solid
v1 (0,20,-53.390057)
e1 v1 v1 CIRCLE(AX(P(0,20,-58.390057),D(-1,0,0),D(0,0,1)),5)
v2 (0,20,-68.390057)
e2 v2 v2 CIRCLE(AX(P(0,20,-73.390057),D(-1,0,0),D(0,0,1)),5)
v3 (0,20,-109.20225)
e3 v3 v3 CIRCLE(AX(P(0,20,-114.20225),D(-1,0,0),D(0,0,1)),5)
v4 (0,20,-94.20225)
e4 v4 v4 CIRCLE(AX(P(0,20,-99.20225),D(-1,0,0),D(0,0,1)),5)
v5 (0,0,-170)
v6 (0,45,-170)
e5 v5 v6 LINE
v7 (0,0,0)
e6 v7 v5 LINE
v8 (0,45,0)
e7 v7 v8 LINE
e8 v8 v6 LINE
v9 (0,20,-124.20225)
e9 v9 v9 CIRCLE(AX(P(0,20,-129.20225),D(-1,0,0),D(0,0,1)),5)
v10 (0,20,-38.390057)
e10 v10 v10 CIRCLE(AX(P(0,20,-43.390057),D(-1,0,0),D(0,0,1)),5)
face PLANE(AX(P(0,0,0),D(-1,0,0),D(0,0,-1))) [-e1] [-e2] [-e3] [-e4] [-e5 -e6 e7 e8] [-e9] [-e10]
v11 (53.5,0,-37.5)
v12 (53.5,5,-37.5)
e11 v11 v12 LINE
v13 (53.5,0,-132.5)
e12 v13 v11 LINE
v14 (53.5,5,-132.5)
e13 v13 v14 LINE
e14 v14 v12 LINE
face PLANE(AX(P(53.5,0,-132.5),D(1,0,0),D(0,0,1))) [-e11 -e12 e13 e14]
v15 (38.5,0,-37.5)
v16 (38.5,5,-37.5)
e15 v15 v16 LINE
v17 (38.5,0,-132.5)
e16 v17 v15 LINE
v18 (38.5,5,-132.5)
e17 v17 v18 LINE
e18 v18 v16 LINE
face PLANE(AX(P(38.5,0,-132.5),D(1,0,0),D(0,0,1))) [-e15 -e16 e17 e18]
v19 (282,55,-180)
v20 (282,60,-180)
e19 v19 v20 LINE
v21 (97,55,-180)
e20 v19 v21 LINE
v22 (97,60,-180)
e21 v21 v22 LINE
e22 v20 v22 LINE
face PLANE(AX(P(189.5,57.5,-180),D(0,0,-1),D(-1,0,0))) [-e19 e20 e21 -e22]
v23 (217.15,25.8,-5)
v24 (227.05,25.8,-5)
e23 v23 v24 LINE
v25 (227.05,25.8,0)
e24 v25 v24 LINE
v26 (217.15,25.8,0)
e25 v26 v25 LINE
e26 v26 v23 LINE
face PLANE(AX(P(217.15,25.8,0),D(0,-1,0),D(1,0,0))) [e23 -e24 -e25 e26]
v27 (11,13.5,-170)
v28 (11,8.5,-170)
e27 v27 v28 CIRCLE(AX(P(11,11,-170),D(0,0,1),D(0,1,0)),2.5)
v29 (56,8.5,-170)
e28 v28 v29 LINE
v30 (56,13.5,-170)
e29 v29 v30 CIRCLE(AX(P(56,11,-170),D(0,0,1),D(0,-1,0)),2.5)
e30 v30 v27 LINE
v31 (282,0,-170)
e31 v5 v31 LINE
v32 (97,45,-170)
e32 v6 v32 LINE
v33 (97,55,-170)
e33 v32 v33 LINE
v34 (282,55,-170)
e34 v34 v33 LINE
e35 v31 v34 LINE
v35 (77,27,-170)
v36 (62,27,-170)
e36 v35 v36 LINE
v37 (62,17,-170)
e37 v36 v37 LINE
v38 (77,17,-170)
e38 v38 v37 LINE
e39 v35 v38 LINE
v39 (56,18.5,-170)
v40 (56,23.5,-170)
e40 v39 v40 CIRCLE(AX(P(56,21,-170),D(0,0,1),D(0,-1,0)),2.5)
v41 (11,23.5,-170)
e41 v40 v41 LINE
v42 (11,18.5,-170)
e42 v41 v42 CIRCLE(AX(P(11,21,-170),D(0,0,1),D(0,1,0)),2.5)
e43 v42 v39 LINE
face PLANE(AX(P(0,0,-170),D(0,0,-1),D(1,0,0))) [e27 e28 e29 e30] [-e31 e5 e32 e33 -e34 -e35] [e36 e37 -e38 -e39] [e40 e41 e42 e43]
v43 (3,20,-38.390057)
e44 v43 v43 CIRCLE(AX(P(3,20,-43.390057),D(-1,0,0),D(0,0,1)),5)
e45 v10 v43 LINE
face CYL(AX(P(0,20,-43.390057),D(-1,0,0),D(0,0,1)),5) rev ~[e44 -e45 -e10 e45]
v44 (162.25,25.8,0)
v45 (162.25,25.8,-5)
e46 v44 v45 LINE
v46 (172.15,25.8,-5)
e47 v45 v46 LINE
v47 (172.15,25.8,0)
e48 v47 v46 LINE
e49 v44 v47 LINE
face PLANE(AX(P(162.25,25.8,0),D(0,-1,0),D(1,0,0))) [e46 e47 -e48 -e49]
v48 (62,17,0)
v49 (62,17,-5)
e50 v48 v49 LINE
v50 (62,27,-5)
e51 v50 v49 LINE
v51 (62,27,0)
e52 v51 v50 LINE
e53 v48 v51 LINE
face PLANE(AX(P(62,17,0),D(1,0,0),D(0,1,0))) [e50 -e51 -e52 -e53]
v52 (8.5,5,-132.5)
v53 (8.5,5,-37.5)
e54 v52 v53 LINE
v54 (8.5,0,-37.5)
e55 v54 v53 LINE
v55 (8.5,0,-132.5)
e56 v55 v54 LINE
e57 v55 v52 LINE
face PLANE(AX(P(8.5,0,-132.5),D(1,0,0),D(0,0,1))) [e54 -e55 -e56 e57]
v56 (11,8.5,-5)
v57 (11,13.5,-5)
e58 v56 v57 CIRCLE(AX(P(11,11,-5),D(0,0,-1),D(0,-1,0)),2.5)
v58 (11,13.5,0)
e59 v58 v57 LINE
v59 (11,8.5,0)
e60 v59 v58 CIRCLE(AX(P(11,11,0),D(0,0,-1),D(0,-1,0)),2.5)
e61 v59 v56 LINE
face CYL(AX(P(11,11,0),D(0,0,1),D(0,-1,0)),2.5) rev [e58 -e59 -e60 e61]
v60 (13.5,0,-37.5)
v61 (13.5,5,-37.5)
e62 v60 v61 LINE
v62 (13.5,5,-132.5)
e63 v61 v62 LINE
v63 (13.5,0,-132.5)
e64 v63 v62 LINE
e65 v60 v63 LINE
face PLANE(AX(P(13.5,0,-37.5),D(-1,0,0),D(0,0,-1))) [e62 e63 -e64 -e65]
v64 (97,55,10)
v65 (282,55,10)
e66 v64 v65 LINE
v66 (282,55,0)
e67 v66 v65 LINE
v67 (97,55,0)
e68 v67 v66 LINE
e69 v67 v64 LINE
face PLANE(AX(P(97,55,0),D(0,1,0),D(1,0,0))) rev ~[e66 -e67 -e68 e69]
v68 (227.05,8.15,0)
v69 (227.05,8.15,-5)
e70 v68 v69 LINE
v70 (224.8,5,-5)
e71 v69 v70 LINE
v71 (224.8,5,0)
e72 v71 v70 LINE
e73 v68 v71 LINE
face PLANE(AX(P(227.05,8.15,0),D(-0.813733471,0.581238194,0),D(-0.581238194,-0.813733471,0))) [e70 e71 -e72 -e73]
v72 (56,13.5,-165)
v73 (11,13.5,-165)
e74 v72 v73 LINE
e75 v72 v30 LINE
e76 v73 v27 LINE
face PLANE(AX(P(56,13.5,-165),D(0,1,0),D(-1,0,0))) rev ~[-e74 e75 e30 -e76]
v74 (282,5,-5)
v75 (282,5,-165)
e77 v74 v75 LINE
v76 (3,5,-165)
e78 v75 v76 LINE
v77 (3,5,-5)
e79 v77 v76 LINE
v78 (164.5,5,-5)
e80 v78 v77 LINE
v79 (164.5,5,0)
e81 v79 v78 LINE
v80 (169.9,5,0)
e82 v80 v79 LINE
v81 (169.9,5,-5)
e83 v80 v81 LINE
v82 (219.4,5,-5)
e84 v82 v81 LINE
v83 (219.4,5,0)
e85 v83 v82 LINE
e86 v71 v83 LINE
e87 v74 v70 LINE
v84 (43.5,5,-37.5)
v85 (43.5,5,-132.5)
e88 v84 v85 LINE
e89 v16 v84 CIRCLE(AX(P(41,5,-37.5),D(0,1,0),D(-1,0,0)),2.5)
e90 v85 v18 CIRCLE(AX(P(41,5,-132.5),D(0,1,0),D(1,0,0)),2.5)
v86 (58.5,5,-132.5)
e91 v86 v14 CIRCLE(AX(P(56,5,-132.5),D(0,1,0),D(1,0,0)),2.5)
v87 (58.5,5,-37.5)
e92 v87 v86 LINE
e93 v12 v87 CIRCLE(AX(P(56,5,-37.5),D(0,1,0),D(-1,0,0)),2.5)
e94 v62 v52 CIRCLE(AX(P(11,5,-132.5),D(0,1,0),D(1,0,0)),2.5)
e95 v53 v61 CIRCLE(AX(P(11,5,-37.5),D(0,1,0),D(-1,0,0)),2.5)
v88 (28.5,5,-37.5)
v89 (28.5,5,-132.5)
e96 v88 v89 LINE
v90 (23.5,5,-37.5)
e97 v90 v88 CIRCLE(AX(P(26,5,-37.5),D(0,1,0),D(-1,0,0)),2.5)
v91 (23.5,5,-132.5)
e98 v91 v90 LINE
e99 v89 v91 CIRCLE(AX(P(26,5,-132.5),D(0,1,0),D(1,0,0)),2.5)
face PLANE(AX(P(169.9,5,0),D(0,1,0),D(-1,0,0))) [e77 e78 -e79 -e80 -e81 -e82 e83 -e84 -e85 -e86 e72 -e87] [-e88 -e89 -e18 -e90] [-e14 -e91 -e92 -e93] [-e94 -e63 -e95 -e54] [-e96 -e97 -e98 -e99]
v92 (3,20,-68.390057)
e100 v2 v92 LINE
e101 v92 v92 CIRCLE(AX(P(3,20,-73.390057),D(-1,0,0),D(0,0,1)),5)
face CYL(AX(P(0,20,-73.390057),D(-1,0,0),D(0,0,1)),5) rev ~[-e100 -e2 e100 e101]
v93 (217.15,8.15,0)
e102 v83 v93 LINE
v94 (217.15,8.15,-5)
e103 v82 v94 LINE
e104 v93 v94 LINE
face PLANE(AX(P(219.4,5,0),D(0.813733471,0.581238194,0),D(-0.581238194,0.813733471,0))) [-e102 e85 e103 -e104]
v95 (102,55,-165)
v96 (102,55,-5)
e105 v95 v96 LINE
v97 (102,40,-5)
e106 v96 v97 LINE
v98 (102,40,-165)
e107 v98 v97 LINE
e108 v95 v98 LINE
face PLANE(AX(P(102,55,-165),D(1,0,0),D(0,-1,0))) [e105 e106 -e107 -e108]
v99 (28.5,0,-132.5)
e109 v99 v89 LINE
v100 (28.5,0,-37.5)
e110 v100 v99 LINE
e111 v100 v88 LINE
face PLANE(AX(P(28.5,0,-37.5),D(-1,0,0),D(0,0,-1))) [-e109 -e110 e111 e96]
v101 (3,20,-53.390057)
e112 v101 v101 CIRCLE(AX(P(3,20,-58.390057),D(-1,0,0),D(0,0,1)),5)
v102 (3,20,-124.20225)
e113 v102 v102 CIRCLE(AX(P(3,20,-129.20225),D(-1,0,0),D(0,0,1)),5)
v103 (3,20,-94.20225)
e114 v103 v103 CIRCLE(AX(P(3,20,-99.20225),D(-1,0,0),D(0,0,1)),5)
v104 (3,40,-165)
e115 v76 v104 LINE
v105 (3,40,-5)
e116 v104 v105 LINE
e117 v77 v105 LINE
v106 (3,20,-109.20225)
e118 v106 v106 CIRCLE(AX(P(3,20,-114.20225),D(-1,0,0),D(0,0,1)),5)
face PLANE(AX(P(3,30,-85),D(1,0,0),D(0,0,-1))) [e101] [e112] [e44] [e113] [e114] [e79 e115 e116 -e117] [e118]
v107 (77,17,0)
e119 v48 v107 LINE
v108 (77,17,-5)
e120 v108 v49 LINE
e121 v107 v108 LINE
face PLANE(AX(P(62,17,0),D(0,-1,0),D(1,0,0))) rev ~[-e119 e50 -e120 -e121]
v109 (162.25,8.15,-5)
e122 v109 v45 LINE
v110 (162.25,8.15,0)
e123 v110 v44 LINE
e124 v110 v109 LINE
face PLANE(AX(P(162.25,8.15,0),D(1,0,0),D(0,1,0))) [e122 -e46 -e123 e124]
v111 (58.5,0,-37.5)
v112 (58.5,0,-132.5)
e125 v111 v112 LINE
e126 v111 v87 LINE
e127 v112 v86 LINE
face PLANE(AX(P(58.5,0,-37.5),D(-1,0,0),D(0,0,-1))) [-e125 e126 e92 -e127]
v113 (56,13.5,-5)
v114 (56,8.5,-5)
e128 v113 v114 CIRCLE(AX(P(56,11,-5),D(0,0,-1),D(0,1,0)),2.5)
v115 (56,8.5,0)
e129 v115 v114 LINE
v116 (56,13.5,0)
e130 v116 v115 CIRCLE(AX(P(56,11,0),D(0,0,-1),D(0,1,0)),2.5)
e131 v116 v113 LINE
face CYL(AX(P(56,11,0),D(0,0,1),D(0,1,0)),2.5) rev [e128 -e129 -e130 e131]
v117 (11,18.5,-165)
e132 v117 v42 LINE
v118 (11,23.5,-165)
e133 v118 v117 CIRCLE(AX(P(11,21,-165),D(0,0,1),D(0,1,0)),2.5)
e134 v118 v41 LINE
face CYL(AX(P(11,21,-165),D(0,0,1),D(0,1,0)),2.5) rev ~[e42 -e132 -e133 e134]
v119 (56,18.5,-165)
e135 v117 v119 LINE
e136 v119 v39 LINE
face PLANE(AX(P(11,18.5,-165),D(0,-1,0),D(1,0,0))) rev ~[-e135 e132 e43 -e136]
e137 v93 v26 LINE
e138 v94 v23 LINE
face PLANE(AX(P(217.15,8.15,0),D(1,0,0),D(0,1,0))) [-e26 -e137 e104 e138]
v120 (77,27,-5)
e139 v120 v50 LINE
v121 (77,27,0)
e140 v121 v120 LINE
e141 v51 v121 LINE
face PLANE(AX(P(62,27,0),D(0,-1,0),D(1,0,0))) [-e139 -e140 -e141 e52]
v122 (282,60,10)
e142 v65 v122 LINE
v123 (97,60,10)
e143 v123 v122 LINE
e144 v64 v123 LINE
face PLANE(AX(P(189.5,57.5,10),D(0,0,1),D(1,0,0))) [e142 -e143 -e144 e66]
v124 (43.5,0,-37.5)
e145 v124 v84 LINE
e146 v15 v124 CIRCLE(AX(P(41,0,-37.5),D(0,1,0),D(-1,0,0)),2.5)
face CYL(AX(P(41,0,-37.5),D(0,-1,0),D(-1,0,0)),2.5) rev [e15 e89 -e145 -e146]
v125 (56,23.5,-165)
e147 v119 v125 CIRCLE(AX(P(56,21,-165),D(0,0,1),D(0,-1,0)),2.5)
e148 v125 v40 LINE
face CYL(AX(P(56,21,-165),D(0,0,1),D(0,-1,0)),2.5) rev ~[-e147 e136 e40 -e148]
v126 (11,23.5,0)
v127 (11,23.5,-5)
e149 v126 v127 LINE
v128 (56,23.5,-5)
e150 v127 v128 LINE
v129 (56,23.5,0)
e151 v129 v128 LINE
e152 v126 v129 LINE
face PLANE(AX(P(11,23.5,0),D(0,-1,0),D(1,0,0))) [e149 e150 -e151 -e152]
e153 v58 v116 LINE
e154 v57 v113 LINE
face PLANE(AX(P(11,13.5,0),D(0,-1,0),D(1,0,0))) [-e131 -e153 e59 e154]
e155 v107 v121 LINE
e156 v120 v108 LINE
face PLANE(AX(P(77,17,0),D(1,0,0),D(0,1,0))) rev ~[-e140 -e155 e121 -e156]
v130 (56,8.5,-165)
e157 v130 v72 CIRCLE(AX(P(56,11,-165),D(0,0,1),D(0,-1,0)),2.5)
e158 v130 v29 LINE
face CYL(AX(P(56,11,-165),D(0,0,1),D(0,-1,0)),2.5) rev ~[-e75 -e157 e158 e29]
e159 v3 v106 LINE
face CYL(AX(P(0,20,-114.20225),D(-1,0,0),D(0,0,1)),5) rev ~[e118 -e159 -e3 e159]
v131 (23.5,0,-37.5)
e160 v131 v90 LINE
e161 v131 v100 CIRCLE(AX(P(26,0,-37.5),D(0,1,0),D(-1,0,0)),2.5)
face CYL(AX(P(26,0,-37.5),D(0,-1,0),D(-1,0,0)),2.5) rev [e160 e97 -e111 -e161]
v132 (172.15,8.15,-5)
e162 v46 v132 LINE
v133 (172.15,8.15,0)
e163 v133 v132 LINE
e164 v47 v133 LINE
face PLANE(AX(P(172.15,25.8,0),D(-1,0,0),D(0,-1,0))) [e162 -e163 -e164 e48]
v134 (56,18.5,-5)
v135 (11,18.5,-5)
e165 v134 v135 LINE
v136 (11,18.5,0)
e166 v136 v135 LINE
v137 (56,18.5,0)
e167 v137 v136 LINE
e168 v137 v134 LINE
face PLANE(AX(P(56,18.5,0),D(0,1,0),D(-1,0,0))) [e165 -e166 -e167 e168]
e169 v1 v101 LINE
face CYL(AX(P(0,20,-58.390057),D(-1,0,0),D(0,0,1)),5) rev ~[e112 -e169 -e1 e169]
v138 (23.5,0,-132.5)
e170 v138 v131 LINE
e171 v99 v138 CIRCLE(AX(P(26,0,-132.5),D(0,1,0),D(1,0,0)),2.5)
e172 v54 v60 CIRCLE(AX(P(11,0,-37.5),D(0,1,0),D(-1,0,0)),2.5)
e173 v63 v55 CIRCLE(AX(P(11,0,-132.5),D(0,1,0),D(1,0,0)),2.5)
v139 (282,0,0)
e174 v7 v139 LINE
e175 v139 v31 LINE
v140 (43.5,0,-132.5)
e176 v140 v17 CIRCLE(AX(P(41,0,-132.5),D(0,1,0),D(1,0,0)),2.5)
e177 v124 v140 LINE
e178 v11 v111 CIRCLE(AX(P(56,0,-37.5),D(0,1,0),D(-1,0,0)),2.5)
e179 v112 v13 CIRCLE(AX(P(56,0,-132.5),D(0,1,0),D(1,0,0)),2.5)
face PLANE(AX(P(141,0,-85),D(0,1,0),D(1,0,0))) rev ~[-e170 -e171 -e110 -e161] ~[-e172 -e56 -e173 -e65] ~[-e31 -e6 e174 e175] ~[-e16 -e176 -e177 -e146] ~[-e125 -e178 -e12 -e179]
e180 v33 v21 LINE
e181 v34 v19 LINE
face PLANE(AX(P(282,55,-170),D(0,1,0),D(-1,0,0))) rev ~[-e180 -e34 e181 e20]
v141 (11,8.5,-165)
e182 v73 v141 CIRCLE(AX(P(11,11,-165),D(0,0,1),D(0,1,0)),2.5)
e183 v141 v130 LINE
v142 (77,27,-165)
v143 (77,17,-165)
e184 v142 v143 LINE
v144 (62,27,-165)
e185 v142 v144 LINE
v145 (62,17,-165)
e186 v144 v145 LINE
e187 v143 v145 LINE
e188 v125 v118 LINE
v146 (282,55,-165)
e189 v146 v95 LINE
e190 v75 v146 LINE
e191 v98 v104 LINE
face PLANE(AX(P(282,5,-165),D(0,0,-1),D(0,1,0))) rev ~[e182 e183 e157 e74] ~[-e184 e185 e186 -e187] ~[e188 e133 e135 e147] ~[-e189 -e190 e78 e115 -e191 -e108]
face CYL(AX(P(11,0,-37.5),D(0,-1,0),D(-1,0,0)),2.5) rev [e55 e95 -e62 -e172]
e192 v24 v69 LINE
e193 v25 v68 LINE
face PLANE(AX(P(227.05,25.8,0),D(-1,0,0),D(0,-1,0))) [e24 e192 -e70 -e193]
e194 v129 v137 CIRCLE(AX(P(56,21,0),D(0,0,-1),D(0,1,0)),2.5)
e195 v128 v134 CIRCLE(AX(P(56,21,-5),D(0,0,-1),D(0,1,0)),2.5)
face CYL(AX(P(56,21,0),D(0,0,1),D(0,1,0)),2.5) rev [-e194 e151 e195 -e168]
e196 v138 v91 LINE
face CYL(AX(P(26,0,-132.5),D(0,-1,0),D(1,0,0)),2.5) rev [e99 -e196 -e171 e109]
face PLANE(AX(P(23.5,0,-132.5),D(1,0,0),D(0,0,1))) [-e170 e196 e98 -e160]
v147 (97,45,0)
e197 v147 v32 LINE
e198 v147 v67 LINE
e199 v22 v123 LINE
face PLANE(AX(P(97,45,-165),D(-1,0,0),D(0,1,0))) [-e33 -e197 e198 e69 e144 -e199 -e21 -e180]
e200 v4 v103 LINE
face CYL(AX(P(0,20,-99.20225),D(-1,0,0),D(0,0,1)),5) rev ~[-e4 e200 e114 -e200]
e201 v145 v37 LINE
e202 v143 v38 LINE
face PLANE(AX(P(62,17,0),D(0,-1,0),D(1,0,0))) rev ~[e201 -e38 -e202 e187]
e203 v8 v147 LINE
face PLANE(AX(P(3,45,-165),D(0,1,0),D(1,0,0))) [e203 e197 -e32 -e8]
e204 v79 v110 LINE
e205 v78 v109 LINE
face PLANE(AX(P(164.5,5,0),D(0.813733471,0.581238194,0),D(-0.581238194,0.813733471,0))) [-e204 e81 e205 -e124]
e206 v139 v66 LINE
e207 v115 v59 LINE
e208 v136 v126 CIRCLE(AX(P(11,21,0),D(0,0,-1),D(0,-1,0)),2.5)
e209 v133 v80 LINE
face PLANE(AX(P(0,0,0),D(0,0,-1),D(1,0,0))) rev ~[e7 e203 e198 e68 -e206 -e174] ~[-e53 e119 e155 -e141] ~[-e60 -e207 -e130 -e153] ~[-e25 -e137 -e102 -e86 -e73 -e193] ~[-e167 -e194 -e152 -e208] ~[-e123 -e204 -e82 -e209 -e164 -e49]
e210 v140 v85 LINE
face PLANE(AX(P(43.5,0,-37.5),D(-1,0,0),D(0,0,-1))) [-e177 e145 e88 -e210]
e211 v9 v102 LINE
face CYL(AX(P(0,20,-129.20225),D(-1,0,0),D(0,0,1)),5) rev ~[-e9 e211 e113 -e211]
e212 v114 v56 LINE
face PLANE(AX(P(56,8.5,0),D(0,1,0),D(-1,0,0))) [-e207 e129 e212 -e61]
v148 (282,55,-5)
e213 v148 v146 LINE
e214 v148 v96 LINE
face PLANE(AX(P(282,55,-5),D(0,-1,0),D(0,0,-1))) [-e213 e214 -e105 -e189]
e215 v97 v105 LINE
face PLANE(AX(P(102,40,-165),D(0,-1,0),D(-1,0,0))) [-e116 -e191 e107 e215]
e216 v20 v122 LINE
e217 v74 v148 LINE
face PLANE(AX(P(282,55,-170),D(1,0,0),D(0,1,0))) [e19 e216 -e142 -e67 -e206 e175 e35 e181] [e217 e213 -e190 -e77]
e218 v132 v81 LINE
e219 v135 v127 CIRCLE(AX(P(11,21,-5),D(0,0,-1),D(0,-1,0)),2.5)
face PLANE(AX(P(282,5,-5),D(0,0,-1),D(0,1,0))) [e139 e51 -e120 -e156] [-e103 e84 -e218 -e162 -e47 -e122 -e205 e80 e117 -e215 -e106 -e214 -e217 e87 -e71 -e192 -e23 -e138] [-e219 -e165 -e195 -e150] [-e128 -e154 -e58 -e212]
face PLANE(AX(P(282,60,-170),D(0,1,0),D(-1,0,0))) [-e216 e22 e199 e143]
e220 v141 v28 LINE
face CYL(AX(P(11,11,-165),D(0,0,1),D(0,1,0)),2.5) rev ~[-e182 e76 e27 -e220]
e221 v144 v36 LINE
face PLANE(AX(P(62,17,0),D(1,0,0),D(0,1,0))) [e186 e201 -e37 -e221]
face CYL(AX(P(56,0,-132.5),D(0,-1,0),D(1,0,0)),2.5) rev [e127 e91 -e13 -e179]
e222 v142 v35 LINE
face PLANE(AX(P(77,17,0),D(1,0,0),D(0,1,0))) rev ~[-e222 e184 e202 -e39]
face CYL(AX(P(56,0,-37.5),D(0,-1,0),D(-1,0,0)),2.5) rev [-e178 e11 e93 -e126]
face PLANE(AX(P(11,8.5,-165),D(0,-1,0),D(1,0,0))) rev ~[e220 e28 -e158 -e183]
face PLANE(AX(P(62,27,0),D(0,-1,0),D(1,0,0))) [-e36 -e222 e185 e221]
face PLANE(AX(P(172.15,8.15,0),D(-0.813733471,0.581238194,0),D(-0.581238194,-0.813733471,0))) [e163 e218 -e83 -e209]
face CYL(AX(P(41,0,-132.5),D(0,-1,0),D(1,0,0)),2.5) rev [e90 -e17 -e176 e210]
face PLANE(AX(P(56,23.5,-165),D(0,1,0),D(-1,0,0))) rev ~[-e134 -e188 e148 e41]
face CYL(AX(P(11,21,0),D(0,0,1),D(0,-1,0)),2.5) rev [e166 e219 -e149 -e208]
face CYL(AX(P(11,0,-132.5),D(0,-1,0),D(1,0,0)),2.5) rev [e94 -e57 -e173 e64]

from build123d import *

# Parameters (mm, degrees)
SKETCH1_W           = 282
SKETCH1_H           = 170
BOSS_EXTRUDE1_DEPTH = 60
CUT_EXTRUDE4_DEPTH  = 5
SKETCH8_W           = 160
SKETCH8_H           = 50
CUT_EXTRUDE5_DEPTH  = 279
CUT_EXTRUDE6_DEPTH  = 5
SKETCH10_R          = 5
CUT_EXTRUDE7_DEPTH  = 5
CUT_EXTRUDE8_DEPTH  = 5
CUT_EXTRUDE9_START  = -5
CUT_EXTRUDE9_DEPTH  = 5
SKETCH14_W          = 185
SKETCH14_H          = 5
BOSS_EXTRUDE2_DEPTH = 10
SKETCH15_W          = 185
SKETCH15_H          = 5
BOSS_EXTRUDE3_DEPTH = 10
SKETCH16_W          = 97
SKETCH16_H          = 15
CUT_EXTRUDE10_DEPTH = 170
BOSS_EXTRUDE4_DEPTH = 160
SKETCH18_W          = 15
SKETCH18_H          = 10
CUT_EXTRUDE11_DEPTH = 340.888216918


with BuildPart() as part:
    # Sketch1 → Boss-Extrude1 (new body)
    with BuildSketch(Plane(origin=(0, 0, 0), x_dir=(1, 0, 0), z_dir=(0, 1, 0))):
        with Locations((141, 85)):
            Rectangle(SKETCH1_W, SKETCH1_H)
    extrude(amount=BOSS_EXTRUDE1_DEPTH)

    # Sketch7 → Cut-Extrude4 (cut)
    with BuildSketch(Plane.XZ):
        with BuildLine():
            Line((13.5, -37.5), (13.5, -132.5))
            ThreePointArc((13.5, -132.5), (11, -135), (8.5, -132.5))
            Line((8.5, -132.5), (8.5, -37.5))
            ThreePointArc((8.5, -37.5), (11, -35), (13.5, -37.5))
        make_face()
        with BuildLine():
            Line((58.5, -37.5), (58.5, -132.5))
            ThreePointArc((58.5, -132.5), (56, -135), (53.5, -132.5))
            Line((53.5, -132.5), (53.5, -37.5))
            ThreePointArc((53.5, -37.5), (56, -35), (58.5, -37.5))
        make_face()
        with BuildLine():
            Line((28.5, -37.5), (28.5, -132.5))
            ThreePointArc((28.5, -132.5), (26, -135), (23.5, -132.5))
            Line((23.5, -132.5), (23.5, -37.5))
            ThreePointArc((23.5, -37.5), (26, -35), (28.5, -37.5))
        make_face()
        with BuildLine():
            Line((43.5, -37.5), (43.5, -132.5))
            ThreePointArc((43.5, -132.5), (41, -135), (38.5, -132.5))
            Line((38.5, -132.5), (38.5, -37.5))
            ThreePointArc((38.5, -37.5), (41, -35), (43.5, -37.5))
        make_face()
    extrude(amount=-CUT_EXTRUDE4_DEPTH, mode=Mode.SUBTRACT)

    # Sketch8 → Cut-Extrude5 (cut)
    with BuildSketch(Plane(origin=(282, 0, 0), x_dir=(0, 0, -1), z_dir=(1, 0, 0))):
        with Locations((85, 30)):
            Rectangle(SKETCH8_W, SKETCH8_H)
    extrude(amount=-CUT_EXTRUDE5_DEPTH, mode=Mode.SUBTRACT)

    # Sketch9 → Cut-Extrude6 (cut)
    with BuildSketch(Plane.XY):
        Polygon((217.15, 25.8), (227.05, 25.8), (227.05, 8.15), (224.8, 5), (219.4, 5), (217.15, 8.15), align=None)
        Polygon((162.25, 25.8), (172.15, 25.8), (172.15, 8.15), (169.9, 5), (164.5, 5), (162.25, 8.15), align=None)
    extrude(amount=-CUT_EXTRUDE6_DEPTH, mode=Mode.SUBTRACT)

    # Sketch10 → Cut-Extrude7 (cut)
    with BuildSketch(Plane.ZY):
        with Locations((-129.202249563, 20)):
            Circle(SKETCH10_R)
        with Locations((-114.202249563, 20)):
            Circle(SKETCH10_R)
        with Locations((-99.202249563, 20)):
            Circle(SKETCH10_R)
        with Locations((-43.390057257, 20)):
            Circle(SKETCH10_R)
        with Locations((-58.390057257, 20)):
            Circle(SKETCH10_R)
        with Locations((-73.390057257, 20)):
            Circle(SKETCH10_R)
    extrude(amount=-CUT_EXTRUDE7_DEPTH, mode=Mode.SUBTRACT)

    # Sketch11 → Cut-Extrude8 (cut)
    with BuildSketch(Plane.XY):
        with BuildLine():
            Line((11, 13.5), (56, 13.5))
            ThreePointArc((56, 13.5), (58.5, 11), (56, 8.5))
            Line((56, 8.5), (11, 8.5))
            ThreePointArc((11, 8.5), (8.5, 11), (11, 13.5))
        make_face()
        with BuildLine():
            Line((11, 23.5), (56, 23.5))
            ThreePointArc((56, 23.5), (58.5, 21), (56, 18.5))
            Line((56, 18.5), (11, 18.5))
            ThreePointArc((11, 18.5), (8.5, 21), (11, 23.5))
        make_face()
    extrude(amount=-CUT_EXTRUDE8_DEPTH, mode=Mode.SUBTRACT)

    # Sketch12 → Cut-Extrude9 (cut)
    with BuildSketch(Plane(origin=(0, 0, -170), x_dir=(-1, 0, 0), z_dir=(0, 0, -1)).offset(CUT_EXTRUDE9_START)):
        with BuildLine():
            Line((-56, 13.5), (-11, 13.5))
            ThreePointArc((-11, 13.5), (-8.5, 11), (-11, 8.5))
            Line((-11, 8.5), (-56, 8.5))
            ThreePointArc((-56, 8.5), (-58.5, 11), (-56, 13.5))
        make_face()
        with BuildLine():
            Line((-56, 23.5), (-11, 23.5))
            ThreePointArc((-11, 23.5), (-8.5, 21), (-11, 18.5))
            Line((-11, 18.5), (-56, 18.5))
            ThreePointArc((-56, 18.5), (-58.5, 21), (-56, 23.5))
        make_face()
    extrude(amount=CUT_EXTRUDE9_DEPTH, mode=Mode.SUBTRACT)

    # Sketch14 → Boss-Extrude2 (add)
    with BuildSketch(Plane.XY):
        with Locations((189.5, 57.5)):
            Rectangle(SKETCH14_W, SKETCH14_H)
    extrude(amount=BOSS_EXTRUDE2_DEPTH)

    # Sketch15 → Boss-Extrude3 (add)
    with BuildSketch(Plane(origin=(0, 0, -170), x_dir=(-1, 0, 0), z_dir=(0, 0, -1))):
        with Locations((-189.5, 57.5)):
            Rectangle(SKETCH15_W, SKETCH15_H)
    extrude(amount=BOSS_EXTRUDE3_DEPTH)

    # Sketch16 → Cut-Extrude10 (cut)
    with BuildSketch(Plane.XY):
        with Locations((48.5, 52.5)):
            Rectangle(SKETCH16_W, SKETCH16_H)
    extrude(amount=-CUT_EXTRUDE10_DEPTH, mode=Mode.SUBTRACT)

    # Sketch17 → Boss-Extrude4 (add)
    with BuildSketch(Plane.XY.offset(-165)):
        Polygon((3, 45), (97, 45), (97, 55), (102, 55), (102, 40), (3, 40), align=None)
    extrude(amount=BOSS_EXTRUDE4_DEPTH)

    # Sketch18 → Cut-Extrude11 (cut, through all)
    with BuildSketch(Plane.XY):
        with Locations((69.5, 22)):
            Rectangle(SKETCH18_W, SKETCH18_H)
    extrude(amount=-CUT_EXTRUDE11_DEPTH, mode=Mode.SUBTRACT)


solid = part.part
